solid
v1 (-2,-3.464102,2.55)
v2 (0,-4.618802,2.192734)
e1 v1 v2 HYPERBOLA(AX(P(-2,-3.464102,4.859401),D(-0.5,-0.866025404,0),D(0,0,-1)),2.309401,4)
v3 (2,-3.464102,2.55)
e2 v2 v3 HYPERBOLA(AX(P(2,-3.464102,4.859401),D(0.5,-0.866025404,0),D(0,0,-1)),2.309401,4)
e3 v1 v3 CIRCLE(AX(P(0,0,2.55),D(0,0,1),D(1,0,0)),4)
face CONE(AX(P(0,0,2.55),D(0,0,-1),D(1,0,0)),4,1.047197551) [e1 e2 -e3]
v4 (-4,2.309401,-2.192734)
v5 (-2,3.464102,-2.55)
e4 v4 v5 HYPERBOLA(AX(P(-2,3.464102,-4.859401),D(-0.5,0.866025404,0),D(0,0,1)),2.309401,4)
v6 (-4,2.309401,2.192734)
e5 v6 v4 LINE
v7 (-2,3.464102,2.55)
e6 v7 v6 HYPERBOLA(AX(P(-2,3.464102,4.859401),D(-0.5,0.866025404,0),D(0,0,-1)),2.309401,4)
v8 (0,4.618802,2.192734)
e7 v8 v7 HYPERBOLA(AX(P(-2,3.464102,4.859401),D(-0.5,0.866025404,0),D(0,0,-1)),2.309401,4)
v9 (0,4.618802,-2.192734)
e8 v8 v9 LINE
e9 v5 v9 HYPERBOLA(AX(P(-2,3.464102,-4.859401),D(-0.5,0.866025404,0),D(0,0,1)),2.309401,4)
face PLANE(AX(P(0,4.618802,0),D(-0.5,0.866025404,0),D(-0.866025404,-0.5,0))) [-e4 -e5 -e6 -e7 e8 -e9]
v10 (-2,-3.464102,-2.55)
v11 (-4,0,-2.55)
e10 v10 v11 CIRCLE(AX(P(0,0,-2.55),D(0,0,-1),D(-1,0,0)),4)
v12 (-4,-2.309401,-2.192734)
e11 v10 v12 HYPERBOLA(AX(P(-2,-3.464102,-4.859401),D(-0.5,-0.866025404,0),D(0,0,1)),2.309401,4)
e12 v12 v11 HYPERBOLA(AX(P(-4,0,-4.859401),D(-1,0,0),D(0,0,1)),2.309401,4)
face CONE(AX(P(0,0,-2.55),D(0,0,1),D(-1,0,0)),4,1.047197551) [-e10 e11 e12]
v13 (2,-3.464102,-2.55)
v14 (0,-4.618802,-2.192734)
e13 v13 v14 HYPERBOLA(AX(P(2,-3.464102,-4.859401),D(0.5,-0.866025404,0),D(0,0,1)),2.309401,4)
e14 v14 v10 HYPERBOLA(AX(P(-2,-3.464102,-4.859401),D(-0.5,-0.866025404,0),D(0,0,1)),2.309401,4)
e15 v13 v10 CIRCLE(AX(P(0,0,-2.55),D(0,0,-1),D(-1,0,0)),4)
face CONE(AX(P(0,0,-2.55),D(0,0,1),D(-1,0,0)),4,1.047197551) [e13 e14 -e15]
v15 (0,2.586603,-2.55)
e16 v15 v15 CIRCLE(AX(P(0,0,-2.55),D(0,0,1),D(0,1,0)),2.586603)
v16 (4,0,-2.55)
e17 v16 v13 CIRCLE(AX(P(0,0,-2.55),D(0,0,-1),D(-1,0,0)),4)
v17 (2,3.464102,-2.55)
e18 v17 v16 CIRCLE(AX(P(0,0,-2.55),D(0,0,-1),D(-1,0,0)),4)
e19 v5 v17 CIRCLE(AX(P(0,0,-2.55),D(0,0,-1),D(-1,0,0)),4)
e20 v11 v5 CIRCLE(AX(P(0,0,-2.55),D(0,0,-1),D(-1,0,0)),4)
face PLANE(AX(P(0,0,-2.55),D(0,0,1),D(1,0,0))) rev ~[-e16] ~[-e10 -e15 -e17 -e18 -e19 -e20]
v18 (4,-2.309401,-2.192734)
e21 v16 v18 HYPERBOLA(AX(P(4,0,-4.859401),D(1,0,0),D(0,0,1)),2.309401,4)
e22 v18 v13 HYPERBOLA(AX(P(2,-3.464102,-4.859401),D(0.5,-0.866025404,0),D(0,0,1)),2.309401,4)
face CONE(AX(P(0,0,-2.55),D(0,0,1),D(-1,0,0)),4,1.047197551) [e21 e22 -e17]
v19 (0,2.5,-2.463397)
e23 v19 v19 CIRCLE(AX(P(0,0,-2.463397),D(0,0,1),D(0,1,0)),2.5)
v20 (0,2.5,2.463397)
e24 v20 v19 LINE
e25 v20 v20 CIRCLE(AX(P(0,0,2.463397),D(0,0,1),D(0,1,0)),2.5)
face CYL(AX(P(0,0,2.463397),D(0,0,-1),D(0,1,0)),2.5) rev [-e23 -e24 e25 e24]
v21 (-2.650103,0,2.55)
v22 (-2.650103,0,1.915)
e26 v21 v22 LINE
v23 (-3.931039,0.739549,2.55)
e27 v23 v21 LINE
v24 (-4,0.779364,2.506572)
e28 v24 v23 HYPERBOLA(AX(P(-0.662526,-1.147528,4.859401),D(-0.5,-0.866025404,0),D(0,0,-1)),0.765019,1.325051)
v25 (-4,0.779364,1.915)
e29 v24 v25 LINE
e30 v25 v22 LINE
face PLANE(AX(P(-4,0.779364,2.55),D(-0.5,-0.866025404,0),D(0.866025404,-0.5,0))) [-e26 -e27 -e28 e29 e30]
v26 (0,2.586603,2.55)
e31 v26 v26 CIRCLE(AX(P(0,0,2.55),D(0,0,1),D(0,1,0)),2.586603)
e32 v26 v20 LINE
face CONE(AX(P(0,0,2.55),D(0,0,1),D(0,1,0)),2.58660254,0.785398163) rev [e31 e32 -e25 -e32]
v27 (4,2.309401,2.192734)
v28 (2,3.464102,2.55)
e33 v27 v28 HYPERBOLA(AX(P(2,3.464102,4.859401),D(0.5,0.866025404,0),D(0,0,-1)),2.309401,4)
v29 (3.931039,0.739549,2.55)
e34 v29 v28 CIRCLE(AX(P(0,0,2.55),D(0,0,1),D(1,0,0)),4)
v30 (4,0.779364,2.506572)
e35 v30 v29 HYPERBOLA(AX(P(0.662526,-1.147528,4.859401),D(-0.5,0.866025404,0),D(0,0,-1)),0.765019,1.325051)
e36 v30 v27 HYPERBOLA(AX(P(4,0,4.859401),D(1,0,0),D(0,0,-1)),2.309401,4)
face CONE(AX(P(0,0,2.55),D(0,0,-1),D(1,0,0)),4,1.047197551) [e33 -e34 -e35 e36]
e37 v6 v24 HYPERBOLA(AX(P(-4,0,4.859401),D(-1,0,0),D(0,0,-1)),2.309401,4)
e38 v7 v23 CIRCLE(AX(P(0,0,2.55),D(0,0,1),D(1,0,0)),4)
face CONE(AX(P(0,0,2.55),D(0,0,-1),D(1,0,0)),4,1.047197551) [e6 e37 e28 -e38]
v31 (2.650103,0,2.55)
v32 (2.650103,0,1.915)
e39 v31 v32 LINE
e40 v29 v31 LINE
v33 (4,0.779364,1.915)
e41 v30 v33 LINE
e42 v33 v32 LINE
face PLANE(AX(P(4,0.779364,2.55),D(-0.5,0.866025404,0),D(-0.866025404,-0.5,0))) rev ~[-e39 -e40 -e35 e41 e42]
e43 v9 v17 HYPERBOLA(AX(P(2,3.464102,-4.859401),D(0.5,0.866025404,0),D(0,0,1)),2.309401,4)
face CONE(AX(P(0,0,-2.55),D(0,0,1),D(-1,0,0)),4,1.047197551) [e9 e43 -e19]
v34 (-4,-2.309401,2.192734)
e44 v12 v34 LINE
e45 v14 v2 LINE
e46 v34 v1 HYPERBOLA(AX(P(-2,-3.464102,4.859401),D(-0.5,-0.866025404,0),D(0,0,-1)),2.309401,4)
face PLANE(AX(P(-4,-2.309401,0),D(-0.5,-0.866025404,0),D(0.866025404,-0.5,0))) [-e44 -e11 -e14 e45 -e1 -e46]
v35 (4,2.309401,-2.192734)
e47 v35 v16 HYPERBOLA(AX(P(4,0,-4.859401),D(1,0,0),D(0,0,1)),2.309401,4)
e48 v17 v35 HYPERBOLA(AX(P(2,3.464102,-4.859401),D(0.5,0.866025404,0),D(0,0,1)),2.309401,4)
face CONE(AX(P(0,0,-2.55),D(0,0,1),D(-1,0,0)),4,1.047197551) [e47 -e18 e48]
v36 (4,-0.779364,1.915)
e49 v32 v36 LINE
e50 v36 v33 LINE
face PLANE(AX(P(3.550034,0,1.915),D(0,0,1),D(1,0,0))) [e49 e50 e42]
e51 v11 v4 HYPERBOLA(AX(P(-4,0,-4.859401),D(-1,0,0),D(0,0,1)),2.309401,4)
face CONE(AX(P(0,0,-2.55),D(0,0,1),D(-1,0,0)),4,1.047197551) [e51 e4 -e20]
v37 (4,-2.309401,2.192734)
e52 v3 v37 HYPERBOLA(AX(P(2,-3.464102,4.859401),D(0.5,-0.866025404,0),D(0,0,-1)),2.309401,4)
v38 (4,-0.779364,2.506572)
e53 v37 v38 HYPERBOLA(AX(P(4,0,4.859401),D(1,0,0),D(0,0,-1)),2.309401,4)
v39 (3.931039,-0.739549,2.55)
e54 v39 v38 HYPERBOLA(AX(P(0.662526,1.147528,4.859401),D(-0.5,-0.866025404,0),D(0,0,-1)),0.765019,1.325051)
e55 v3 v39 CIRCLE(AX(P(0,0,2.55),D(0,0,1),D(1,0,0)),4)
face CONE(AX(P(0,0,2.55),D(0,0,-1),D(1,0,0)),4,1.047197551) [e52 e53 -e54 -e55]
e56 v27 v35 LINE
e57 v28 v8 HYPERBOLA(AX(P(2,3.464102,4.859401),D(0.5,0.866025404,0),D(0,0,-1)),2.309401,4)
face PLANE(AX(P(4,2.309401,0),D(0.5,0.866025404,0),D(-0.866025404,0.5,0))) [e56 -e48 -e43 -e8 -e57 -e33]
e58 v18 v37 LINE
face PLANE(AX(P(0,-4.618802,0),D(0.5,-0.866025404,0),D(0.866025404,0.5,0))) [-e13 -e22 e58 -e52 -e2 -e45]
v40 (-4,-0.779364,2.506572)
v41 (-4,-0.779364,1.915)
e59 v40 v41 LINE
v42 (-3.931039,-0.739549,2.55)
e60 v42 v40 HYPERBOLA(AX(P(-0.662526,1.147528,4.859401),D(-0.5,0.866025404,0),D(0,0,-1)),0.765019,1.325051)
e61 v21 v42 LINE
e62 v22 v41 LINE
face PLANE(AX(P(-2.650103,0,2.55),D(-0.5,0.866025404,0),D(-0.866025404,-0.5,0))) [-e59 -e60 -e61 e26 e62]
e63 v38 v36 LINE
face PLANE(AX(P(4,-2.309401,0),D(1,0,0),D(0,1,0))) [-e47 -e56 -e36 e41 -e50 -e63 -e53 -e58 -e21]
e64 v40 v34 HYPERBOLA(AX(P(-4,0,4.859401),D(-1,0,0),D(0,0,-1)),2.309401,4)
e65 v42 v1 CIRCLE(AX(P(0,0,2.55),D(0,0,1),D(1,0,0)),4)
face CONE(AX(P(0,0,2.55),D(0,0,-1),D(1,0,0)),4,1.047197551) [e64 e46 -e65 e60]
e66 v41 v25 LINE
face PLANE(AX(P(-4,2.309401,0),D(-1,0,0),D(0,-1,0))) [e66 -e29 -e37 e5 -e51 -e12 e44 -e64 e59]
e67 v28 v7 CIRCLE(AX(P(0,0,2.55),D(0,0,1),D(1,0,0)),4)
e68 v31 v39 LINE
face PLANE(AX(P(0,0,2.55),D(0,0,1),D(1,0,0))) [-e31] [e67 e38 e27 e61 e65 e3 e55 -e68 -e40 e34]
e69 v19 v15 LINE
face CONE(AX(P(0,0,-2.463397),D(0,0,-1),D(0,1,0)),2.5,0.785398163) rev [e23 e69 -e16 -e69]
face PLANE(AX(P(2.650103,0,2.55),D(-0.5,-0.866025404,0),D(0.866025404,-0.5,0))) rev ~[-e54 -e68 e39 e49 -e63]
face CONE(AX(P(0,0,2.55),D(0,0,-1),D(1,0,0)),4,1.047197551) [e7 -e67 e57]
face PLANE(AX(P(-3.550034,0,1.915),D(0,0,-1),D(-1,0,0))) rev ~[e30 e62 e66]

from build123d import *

# Parameters (mm, degrees)
BOSS_EXTRUDE1_DEPTH = 2.55
SKETCH5_OUTSIDE_W   = 43.682
SKETCH5_OUTSIDE_H   = 44.92
SKETCH5_OUTSIDE_R   = 4
CUT_EXTRUDE1_DEPTH  = 8.958852514
CUT_EXTRUDE1_DRAFT  = -60
SKETCH6_OUTSIDE_W   = 43.682
SKETCH6_OUTSIDE_H   = 44.92
SKETCH6_OUTSIDE_R   = 4
CUT_EXTRUDE2_DEPTH  = 8.958852514
CUT_EXTRUDE2_DRAFT  = -60
CUT_EXTRUDE3_DEPTH  = 0.635


with BuildPart() as part:
    # Sketch4 → Boss-Extrude1 (new, symmetric)
    with BuildSketch(Plane.XY):
        Polygon((-4, 2.309401077), (-4, -2.309401077), (0, -4.618802154), (4, -2.309401077), (4, 2.309401077), (0, 4.618802154), align=None)
    extrude(amount=BOSS_EXTRUDE1_DEPTH, both=True)


with BuildPart() as cut_extrude1_tool:
    # Sketch5 outside → Cut-Extrude1 (with draft: the straight prism first)
    with BuildSketch(Plane.XY.offset(2.55)):
        Rectangle(SKETCH5_OUTSIDE_W, SKETCH5_OUTSIDE_H)
        Circle(SKETCH5_OUTSIDE_R, mode=Mode.SUBTRACT)
    extrude(amount=-CUT_EXTRUDE1_DEPTH)
    # Cut-Extrude1: the draft: its side faces are tilted about the plane it starts from
    cut_extrude1_sides = [cut_extrude1_tool.faces().sort_by_distance(p)[0] for p in [
        (0, -22.46, -1.929426257),
        (21.841, 0, -1.929426257),
        (0, 22.46, -1.929426257),
        (-21.841, 0, -1.929426257),
        (-4, 0, -1.929426257),
    ]]
    draft(cut_extrude1_sides, Plane.XY.offset(2.55), CUT_EXTRUDE1_DRAFT)


with BuildPart() as part_1:
    add(part.part)

    # Cut-Extrude1: cut by cut_extrude1_tool
    add(cut_extrude1_tool.part, mode=Mode.SUBTRACT)


with BuildPart() as cut_extrude2_tool:
    # Sketch6 outside → Cut-Extrude2 (with draft: the straight prism first)
    with BuildSketch(Plane(origin=(0, 0, -2.55), x_dir=(-1, 0, 0), z_dir=(0, 0, -1))):
        Rectangle(SKETCH6_OUTSIDE_W, SKETCH6_OUTSIDE_H)
        Circle(SKETCH6_OUTSIDE_R, mode=Mode.SUBTRACT)
    extrude(amount=-CUT_EXTRUDE2_DEPTH)
    # Cut-Extrude2: the draft: its side faces are tilted about the plane it starts from
    cut_extrude2_sides = [cut_extrude2_tool.faces().sort_by_distance(p)[0] for p in [
        (0, -22.46, 1.929426257),
        (-21.841, 0, 1.929426257),
        (0, 22.46, 1.929426257),
        (21.841, 0, 1.929426257),
        (4, 0, 1.929426257),
    ]]
    draft(cut_extrude2_sides, Plane(origin=(0, 0, -2.55), x_dir=(-1, 0, 0), z_dir=(0, 0, -1)), CUT_EXTRUDE2_DRAFT)


with BuildPart() as part_2:
    add(part_1.part)

    # Cut-Extrude2: cut by cut_extrude2_tool
    add(cut_extrude2_tool.part, mode=Mode.SUBTRACT)

    # Sketch7 → Cut-Revolve1 (revolve, cut)
    with BuildSketch(Plane(origin=(0, 0, 0), x_dir=(0, 0, -1), z_dir=(1, 0, 0))):
        Polygon((2.55, 0), (-2.55, 0), (-2.55, 2.58660254), (-2.46339746, 2.5), (2.46339746, 2.5), (2.55, 2.58660254), align=None)
    revolve(axis=Axis((0, 0, -2.55), (0, 0, 1)), mode=Mode.SUBTRACT)

    # Sketch8 → Cut-Extrude3 (cut)
    with BuildSketch(Plane.XY.offset(2.55)):
        Polygon((-2.65010254, 0), (-4, -0.779363662), (-4, 0.779363662), align=None)
        Polygon((4, -0.779363662), (4, 0.779363662), (2.65010254, 0), align=None)
    extrude(amount=-CUT_EXTRUDE3_DEPTH, mode=Mode.SUBTRACT)


solid = part_2.part
